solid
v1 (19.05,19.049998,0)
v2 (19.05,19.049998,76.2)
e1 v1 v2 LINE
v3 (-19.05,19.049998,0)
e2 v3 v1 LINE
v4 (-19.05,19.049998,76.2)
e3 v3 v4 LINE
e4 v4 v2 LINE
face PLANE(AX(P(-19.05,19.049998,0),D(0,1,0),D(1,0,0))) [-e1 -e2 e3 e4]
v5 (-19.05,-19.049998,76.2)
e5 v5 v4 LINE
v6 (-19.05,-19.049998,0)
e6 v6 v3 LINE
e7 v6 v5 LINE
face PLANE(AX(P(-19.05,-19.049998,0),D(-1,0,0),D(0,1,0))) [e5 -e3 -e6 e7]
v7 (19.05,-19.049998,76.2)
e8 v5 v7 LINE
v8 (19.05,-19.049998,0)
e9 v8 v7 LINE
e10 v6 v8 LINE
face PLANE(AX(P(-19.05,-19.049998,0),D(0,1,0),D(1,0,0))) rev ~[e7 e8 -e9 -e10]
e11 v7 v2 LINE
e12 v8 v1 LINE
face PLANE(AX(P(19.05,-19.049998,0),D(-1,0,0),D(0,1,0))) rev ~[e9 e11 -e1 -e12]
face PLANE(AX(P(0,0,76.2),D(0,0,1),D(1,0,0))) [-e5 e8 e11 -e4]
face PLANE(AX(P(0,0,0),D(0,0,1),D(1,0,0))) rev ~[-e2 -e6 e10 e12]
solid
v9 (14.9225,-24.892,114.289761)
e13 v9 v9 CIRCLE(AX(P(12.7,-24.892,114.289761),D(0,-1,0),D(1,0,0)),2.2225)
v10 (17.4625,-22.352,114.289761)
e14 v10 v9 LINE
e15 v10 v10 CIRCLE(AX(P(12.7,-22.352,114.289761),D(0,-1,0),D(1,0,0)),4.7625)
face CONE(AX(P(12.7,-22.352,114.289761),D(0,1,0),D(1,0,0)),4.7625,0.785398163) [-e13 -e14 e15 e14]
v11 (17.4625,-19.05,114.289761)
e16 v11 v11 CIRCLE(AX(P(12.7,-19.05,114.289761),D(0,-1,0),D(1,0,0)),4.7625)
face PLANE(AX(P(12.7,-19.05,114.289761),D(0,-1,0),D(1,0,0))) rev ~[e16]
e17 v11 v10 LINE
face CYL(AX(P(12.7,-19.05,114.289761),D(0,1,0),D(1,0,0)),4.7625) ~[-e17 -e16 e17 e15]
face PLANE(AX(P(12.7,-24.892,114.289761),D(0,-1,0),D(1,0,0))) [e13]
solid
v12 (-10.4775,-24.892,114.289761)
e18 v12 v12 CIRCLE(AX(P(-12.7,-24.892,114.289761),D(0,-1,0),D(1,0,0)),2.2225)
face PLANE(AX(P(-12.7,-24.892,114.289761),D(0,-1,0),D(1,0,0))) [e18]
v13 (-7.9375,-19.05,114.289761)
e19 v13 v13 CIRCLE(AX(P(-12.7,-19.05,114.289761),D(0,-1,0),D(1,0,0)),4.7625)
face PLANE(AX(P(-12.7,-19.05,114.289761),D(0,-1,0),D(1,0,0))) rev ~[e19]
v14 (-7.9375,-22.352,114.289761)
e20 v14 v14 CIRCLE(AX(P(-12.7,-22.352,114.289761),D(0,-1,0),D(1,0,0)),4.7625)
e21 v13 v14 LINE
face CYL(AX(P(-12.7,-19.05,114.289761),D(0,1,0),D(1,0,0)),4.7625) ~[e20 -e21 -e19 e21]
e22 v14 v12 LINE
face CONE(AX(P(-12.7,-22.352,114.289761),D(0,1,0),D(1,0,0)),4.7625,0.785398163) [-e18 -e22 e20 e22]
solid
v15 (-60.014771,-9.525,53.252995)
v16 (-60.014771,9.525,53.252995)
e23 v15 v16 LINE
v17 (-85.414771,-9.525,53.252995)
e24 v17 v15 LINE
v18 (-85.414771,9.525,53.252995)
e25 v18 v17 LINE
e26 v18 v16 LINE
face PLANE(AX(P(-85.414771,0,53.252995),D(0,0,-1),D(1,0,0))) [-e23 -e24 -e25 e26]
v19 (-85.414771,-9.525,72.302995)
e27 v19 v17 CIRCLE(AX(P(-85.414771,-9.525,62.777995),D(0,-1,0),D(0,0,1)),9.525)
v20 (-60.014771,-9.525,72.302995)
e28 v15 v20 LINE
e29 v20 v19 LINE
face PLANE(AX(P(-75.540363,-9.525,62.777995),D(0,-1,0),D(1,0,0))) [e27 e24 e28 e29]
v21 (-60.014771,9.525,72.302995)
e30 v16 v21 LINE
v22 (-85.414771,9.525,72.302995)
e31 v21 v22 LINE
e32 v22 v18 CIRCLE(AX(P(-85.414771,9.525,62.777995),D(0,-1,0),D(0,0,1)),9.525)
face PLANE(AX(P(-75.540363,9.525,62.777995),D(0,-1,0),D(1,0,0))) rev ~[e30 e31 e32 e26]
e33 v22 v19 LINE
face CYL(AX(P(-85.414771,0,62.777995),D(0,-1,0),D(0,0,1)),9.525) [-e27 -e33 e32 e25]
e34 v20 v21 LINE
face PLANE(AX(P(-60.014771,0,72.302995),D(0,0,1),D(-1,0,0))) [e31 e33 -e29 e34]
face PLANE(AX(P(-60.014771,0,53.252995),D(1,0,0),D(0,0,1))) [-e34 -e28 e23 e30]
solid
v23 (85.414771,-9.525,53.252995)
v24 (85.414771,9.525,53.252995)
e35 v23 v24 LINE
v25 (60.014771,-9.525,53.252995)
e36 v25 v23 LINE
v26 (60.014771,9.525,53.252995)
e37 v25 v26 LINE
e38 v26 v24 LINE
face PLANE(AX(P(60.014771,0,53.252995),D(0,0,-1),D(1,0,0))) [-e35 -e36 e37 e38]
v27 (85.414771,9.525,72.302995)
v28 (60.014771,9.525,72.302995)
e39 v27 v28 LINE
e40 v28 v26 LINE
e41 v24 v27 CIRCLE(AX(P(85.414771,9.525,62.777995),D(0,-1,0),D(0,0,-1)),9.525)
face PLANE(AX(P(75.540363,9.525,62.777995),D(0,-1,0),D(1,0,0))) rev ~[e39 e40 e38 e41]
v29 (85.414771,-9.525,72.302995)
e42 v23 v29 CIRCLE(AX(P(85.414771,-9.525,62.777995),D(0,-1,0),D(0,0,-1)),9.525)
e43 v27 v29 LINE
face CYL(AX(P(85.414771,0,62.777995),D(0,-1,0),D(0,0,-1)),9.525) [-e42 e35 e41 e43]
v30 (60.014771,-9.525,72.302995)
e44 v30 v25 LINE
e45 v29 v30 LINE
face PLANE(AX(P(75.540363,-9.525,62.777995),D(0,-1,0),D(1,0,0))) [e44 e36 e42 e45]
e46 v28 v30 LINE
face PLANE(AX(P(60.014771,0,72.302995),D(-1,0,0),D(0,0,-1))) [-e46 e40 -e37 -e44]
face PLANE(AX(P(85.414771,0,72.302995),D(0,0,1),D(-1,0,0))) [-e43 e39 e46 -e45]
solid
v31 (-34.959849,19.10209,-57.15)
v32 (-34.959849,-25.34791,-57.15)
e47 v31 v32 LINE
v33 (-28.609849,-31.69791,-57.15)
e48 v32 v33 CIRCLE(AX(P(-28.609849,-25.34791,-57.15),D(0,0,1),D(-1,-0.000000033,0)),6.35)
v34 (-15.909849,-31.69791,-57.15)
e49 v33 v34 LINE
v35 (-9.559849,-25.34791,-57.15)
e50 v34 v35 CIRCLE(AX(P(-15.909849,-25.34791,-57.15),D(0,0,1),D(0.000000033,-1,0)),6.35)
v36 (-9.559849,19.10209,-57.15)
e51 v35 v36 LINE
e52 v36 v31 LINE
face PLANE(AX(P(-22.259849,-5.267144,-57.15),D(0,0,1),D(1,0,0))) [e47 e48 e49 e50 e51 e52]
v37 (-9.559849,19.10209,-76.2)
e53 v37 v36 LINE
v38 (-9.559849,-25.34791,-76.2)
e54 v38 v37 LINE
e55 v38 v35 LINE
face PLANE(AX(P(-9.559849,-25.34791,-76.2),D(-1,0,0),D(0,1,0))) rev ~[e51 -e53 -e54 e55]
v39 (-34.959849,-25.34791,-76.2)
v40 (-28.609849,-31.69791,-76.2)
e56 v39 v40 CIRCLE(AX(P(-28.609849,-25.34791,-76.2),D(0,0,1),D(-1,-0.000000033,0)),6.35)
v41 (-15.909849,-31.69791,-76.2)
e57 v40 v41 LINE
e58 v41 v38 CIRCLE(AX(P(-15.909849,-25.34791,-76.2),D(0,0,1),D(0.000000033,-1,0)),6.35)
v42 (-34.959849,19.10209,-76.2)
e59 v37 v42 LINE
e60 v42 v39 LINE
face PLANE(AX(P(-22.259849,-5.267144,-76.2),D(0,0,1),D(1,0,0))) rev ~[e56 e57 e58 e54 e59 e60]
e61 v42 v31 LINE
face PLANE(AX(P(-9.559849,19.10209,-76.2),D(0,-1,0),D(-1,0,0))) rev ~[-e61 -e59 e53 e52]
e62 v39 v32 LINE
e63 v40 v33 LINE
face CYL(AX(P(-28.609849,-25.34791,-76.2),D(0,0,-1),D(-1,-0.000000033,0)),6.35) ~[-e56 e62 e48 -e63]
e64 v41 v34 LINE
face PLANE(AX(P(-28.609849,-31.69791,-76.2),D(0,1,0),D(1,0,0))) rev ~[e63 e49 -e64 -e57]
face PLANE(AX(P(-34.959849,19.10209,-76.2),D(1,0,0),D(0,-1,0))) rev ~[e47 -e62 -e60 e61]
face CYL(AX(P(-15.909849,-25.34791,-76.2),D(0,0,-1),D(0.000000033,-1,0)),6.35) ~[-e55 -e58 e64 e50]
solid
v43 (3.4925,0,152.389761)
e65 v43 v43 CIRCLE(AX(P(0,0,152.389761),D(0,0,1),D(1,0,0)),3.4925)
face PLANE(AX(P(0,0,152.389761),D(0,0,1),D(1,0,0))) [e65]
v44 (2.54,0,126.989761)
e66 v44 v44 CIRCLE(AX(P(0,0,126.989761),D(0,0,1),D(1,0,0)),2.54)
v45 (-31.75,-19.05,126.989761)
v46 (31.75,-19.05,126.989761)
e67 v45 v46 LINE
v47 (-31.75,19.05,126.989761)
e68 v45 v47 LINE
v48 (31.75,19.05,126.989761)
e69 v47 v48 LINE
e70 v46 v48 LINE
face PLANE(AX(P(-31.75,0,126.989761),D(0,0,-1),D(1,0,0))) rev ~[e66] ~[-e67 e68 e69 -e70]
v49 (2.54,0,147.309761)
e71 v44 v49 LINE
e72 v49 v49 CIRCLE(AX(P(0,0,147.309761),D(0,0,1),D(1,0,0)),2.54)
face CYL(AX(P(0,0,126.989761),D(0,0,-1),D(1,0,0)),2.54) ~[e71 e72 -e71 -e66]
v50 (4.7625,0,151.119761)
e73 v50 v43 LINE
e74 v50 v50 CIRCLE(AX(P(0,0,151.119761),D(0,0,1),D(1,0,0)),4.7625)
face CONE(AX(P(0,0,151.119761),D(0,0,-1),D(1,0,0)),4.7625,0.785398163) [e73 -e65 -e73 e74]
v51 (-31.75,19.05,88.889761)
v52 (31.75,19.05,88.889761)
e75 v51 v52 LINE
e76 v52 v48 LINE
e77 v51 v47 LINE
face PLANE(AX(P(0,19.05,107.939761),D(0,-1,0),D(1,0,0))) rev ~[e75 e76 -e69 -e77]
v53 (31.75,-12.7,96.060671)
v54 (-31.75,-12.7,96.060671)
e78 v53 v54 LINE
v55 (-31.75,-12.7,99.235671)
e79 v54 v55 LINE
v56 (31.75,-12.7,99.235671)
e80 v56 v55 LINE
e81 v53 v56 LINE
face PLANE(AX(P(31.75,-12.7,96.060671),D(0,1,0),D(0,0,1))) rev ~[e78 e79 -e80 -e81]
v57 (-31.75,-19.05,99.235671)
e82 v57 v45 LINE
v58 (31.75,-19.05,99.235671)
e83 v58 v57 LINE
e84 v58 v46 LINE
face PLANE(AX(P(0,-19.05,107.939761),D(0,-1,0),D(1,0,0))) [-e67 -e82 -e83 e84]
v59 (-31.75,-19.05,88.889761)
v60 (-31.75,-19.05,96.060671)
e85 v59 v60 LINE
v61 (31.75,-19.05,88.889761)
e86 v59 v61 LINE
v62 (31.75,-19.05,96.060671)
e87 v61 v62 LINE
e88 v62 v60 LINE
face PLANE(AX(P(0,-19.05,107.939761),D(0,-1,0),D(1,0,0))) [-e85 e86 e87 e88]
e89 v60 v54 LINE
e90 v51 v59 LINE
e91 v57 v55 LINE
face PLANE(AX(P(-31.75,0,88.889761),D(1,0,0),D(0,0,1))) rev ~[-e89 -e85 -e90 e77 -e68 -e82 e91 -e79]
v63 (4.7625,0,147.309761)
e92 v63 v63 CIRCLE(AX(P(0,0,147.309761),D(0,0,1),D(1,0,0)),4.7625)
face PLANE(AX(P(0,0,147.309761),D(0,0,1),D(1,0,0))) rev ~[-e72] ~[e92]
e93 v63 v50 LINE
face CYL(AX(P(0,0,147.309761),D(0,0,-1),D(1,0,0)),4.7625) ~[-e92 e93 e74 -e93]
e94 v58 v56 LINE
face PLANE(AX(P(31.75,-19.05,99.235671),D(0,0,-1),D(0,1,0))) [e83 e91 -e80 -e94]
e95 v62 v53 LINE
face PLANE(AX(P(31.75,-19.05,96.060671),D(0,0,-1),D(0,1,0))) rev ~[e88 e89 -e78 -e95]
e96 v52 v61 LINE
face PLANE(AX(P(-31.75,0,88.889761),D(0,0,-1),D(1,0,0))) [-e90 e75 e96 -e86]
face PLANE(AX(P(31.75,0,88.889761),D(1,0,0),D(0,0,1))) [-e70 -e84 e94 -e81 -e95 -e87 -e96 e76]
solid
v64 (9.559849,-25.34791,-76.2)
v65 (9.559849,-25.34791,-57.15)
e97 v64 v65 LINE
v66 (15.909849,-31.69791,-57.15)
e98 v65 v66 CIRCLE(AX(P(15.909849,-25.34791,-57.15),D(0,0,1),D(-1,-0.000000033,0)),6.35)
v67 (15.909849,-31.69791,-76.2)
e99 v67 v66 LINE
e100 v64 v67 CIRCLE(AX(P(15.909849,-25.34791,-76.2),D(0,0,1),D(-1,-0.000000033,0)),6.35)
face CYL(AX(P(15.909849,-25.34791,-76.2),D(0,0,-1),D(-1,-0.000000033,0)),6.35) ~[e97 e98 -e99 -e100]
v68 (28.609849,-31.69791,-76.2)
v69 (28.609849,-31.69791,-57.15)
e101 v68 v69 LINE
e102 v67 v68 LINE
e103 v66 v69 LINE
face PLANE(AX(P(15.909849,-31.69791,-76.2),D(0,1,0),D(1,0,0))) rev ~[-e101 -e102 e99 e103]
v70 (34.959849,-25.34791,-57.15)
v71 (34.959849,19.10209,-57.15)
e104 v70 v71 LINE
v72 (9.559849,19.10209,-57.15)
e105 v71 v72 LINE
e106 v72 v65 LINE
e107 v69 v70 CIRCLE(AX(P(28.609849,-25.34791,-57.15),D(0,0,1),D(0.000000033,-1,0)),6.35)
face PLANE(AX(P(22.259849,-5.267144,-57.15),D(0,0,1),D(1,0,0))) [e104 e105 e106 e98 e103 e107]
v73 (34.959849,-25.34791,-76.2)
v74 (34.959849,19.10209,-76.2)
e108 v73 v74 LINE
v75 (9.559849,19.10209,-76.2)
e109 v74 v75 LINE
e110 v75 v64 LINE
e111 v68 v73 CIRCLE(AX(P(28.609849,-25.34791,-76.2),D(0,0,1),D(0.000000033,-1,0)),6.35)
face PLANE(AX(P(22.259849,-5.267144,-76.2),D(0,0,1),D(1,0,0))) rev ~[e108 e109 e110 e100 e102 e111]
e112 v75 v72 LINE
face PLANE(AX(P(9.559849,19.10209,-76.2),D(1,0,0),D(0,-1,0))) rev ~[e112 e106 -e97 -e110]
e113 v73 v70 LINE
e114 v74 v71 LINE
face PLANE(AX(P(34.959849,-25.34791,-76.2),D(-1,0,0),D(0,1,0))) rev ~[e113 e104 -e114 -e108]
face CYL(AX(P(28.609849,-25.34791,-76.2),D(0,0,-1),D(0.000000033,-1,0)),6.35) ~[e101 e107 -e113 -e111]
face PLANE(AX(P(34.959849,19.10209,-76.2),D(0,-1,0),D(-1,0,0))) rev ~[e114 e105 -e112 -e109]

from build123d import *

# Parameters (mm, degrees)
F0_W           = 38.1
F0_H           = 38.099996
F1_DEPTH       = 76.2
F2_W           = 63.5
F2_H           = 38.1
F3_DEPTH       = 19.05
F3_DEPTH_BACK  = 19.05
F4_W           = 6.35
F4_H           = 3.175
F5_DEPTH       = 63.501
F6_R           = 4.7625
F7_DEPTH       = 5.842
F8_SIZE        = 2.54
F9_R           = 2.54
F10_DEPTH      = 20.32
F11_R          = 4.7625
F11_R_2        = 2.54
F12_DEPTH      = 5.08
F13_SIZE       = 1.27
F16_DEPTH      = 19.05
F18_DEPTH      = 9.525
F18_DEPTH_BACK = 9.525


with BuildPart() as f1:
    # F0 (on Top) → F1 (new body)
    with BuildSketch(Plane.XY):
        Rectangle(F0_W, F0_H)
    extrude(amount=F1_DEPTH)


with BuildPart() as f3:
    # F2 (on Front) → F3 (new body, two sides)
    with BuildSketch(Plane.XZ) as f3_sk:
        with Locations((0, 107.939761)):
            Rectangle(F2_W, F2_H)
    extrude(amount=F3_DEPTH)
    extrude(f3_sk.sketch, amount=-F3_DEPTH_BACK)

    # F4 (on face) → F5 (cut, through all)
    with BuildSketch(Plane.YZ.offset(31.75)):
        with Locations((-15.875, 97.648171)):
            Rectangle(F4_W, F4_H)
    extrude(amount=-F5_DEPTH, mode=Mode.SUBTRACT)

    # F9 (on face) → F10 (join)
    with BuildSketch(Plane.XY.offset(126.989761)):
        Circle(F9_R)
    extrude(amount=F10_DEPTH)

    # F11 (on face) → F12 (join)
    with BuildSketch(Plane.XY.offset(147.309761)):
        Circle(F11_R)
        Circle(F11_R_2, mode=Mode.SUBTRACT)
        Circle(F11_R_2)
    extrude(amount=F12_DEPTH)

    # F13
    f13_edges = [f3.edges().sort_by_distance(p)[0] for p in [
        (-4.7625, 0, 152.389761),
    ]]
    chamfer(f13_edges, length=F13_SIZE)


with BuildPart() as f7:
    # F6 (on face) → F7 (new body)
    with BuildSketch(Plane.XZ.offset(19.05)):
        with Locations((-12.7, 114.289761)):
            Circle(F6_R)
        with Locations((12.7, 114.289761)):
            Circle(F6_R)
    extrude(amount=F7_DEPTH)

    # F8
    f8_edges = [f7.edges().sort_by_distance(p)[0] for p in [
        (-17.4625, -24.892, 114.289761),
        (7.9375, -24.892, 114.289761),
    ]]
    chamfer(f8_edges, length=F8_SIZE)


with BuildPart() as f16:
    # F15 (on offset) → F16 (new body)
    with BuildSketch(Plane.XY.offset(-76.2)):
        with BuildLine():
            ThreePointArc((-34.959849, -25.34791), (-33.099977, -29.838038), (-28.609849, -31.69791))
            Line((-28.609849, -31.69791), (-15.909849, -31.69791))
            ThreePointArc((-15.909849, -31.69791), (-11.419721, -29.838038), (-9.559849, -25.34791))
            Line((-9.559849, -25.34791), (-9.559849, 19.10209))
            Line((-9.559849, 19.10209), (-34.959849, 19.10209))
            Line((-34.959849, 19.10209), (-34.959849, -25.34791))
        make_face()
        with BuildLine():
            Line((34.959849, -25.34791), (34.959849, 19.10209))
            Line((34.959849, 19.10209), (9.559849, 19.10209))
            Line((9.559849, 19.10209), (9.559849, -25.34791))
            ThreePointArc((9.559849, -25.34791), (11.419721, -29.838038), (15.909849, -31.69791))
            Line((15.909849, -31.69791), (28.609849, -31.69791))
            ThreePointArc((28.609849, -31.69791), (33.099977, -29.838038), (34.959849, -25.34791))
        make_face()
    extrude(amount=F16_DEPTH)


with BuildPart() as f18:
    # F17 (on Front) → F18 (new body, two sides)
    with BuildSketch(Plane.XZ) as f18_sk:
        with BuildLine():
            Line((-60.014771, 72.302995), (-85.414771, 72.302995))
            ThreePointArc((-85.414771, 72.302995), (-94.939771, 62.777995), (-85.414771, 53.252995))
            Line((-85.414771, 53.252995), (-60.014771, 53.252995))
            Line((-60.014771, 53.252995), (-60.014771, 72.302995))
        make_face()
        with BuildLine():
            ThreePointArc((85.414771, 53.252995), (94.939771, 62.777995), (85.414771, 72.302995))
            Line((85.414771, 72.302995), (60.014771, 72.302995))
            Line((60.014771, 72.302995), (60.014771, 53.252995))
            Line((60.014771, 53.252995), (85.414771, 53.252995))
        make_face()
    extrude(amount=F18_DEPTH)
    extrude(f18_sk.sketch, amount=-F18_DEPTH_BACK)


solid = Compound([f1.part, f3.part, f7.part, f16.part, f18.part])
